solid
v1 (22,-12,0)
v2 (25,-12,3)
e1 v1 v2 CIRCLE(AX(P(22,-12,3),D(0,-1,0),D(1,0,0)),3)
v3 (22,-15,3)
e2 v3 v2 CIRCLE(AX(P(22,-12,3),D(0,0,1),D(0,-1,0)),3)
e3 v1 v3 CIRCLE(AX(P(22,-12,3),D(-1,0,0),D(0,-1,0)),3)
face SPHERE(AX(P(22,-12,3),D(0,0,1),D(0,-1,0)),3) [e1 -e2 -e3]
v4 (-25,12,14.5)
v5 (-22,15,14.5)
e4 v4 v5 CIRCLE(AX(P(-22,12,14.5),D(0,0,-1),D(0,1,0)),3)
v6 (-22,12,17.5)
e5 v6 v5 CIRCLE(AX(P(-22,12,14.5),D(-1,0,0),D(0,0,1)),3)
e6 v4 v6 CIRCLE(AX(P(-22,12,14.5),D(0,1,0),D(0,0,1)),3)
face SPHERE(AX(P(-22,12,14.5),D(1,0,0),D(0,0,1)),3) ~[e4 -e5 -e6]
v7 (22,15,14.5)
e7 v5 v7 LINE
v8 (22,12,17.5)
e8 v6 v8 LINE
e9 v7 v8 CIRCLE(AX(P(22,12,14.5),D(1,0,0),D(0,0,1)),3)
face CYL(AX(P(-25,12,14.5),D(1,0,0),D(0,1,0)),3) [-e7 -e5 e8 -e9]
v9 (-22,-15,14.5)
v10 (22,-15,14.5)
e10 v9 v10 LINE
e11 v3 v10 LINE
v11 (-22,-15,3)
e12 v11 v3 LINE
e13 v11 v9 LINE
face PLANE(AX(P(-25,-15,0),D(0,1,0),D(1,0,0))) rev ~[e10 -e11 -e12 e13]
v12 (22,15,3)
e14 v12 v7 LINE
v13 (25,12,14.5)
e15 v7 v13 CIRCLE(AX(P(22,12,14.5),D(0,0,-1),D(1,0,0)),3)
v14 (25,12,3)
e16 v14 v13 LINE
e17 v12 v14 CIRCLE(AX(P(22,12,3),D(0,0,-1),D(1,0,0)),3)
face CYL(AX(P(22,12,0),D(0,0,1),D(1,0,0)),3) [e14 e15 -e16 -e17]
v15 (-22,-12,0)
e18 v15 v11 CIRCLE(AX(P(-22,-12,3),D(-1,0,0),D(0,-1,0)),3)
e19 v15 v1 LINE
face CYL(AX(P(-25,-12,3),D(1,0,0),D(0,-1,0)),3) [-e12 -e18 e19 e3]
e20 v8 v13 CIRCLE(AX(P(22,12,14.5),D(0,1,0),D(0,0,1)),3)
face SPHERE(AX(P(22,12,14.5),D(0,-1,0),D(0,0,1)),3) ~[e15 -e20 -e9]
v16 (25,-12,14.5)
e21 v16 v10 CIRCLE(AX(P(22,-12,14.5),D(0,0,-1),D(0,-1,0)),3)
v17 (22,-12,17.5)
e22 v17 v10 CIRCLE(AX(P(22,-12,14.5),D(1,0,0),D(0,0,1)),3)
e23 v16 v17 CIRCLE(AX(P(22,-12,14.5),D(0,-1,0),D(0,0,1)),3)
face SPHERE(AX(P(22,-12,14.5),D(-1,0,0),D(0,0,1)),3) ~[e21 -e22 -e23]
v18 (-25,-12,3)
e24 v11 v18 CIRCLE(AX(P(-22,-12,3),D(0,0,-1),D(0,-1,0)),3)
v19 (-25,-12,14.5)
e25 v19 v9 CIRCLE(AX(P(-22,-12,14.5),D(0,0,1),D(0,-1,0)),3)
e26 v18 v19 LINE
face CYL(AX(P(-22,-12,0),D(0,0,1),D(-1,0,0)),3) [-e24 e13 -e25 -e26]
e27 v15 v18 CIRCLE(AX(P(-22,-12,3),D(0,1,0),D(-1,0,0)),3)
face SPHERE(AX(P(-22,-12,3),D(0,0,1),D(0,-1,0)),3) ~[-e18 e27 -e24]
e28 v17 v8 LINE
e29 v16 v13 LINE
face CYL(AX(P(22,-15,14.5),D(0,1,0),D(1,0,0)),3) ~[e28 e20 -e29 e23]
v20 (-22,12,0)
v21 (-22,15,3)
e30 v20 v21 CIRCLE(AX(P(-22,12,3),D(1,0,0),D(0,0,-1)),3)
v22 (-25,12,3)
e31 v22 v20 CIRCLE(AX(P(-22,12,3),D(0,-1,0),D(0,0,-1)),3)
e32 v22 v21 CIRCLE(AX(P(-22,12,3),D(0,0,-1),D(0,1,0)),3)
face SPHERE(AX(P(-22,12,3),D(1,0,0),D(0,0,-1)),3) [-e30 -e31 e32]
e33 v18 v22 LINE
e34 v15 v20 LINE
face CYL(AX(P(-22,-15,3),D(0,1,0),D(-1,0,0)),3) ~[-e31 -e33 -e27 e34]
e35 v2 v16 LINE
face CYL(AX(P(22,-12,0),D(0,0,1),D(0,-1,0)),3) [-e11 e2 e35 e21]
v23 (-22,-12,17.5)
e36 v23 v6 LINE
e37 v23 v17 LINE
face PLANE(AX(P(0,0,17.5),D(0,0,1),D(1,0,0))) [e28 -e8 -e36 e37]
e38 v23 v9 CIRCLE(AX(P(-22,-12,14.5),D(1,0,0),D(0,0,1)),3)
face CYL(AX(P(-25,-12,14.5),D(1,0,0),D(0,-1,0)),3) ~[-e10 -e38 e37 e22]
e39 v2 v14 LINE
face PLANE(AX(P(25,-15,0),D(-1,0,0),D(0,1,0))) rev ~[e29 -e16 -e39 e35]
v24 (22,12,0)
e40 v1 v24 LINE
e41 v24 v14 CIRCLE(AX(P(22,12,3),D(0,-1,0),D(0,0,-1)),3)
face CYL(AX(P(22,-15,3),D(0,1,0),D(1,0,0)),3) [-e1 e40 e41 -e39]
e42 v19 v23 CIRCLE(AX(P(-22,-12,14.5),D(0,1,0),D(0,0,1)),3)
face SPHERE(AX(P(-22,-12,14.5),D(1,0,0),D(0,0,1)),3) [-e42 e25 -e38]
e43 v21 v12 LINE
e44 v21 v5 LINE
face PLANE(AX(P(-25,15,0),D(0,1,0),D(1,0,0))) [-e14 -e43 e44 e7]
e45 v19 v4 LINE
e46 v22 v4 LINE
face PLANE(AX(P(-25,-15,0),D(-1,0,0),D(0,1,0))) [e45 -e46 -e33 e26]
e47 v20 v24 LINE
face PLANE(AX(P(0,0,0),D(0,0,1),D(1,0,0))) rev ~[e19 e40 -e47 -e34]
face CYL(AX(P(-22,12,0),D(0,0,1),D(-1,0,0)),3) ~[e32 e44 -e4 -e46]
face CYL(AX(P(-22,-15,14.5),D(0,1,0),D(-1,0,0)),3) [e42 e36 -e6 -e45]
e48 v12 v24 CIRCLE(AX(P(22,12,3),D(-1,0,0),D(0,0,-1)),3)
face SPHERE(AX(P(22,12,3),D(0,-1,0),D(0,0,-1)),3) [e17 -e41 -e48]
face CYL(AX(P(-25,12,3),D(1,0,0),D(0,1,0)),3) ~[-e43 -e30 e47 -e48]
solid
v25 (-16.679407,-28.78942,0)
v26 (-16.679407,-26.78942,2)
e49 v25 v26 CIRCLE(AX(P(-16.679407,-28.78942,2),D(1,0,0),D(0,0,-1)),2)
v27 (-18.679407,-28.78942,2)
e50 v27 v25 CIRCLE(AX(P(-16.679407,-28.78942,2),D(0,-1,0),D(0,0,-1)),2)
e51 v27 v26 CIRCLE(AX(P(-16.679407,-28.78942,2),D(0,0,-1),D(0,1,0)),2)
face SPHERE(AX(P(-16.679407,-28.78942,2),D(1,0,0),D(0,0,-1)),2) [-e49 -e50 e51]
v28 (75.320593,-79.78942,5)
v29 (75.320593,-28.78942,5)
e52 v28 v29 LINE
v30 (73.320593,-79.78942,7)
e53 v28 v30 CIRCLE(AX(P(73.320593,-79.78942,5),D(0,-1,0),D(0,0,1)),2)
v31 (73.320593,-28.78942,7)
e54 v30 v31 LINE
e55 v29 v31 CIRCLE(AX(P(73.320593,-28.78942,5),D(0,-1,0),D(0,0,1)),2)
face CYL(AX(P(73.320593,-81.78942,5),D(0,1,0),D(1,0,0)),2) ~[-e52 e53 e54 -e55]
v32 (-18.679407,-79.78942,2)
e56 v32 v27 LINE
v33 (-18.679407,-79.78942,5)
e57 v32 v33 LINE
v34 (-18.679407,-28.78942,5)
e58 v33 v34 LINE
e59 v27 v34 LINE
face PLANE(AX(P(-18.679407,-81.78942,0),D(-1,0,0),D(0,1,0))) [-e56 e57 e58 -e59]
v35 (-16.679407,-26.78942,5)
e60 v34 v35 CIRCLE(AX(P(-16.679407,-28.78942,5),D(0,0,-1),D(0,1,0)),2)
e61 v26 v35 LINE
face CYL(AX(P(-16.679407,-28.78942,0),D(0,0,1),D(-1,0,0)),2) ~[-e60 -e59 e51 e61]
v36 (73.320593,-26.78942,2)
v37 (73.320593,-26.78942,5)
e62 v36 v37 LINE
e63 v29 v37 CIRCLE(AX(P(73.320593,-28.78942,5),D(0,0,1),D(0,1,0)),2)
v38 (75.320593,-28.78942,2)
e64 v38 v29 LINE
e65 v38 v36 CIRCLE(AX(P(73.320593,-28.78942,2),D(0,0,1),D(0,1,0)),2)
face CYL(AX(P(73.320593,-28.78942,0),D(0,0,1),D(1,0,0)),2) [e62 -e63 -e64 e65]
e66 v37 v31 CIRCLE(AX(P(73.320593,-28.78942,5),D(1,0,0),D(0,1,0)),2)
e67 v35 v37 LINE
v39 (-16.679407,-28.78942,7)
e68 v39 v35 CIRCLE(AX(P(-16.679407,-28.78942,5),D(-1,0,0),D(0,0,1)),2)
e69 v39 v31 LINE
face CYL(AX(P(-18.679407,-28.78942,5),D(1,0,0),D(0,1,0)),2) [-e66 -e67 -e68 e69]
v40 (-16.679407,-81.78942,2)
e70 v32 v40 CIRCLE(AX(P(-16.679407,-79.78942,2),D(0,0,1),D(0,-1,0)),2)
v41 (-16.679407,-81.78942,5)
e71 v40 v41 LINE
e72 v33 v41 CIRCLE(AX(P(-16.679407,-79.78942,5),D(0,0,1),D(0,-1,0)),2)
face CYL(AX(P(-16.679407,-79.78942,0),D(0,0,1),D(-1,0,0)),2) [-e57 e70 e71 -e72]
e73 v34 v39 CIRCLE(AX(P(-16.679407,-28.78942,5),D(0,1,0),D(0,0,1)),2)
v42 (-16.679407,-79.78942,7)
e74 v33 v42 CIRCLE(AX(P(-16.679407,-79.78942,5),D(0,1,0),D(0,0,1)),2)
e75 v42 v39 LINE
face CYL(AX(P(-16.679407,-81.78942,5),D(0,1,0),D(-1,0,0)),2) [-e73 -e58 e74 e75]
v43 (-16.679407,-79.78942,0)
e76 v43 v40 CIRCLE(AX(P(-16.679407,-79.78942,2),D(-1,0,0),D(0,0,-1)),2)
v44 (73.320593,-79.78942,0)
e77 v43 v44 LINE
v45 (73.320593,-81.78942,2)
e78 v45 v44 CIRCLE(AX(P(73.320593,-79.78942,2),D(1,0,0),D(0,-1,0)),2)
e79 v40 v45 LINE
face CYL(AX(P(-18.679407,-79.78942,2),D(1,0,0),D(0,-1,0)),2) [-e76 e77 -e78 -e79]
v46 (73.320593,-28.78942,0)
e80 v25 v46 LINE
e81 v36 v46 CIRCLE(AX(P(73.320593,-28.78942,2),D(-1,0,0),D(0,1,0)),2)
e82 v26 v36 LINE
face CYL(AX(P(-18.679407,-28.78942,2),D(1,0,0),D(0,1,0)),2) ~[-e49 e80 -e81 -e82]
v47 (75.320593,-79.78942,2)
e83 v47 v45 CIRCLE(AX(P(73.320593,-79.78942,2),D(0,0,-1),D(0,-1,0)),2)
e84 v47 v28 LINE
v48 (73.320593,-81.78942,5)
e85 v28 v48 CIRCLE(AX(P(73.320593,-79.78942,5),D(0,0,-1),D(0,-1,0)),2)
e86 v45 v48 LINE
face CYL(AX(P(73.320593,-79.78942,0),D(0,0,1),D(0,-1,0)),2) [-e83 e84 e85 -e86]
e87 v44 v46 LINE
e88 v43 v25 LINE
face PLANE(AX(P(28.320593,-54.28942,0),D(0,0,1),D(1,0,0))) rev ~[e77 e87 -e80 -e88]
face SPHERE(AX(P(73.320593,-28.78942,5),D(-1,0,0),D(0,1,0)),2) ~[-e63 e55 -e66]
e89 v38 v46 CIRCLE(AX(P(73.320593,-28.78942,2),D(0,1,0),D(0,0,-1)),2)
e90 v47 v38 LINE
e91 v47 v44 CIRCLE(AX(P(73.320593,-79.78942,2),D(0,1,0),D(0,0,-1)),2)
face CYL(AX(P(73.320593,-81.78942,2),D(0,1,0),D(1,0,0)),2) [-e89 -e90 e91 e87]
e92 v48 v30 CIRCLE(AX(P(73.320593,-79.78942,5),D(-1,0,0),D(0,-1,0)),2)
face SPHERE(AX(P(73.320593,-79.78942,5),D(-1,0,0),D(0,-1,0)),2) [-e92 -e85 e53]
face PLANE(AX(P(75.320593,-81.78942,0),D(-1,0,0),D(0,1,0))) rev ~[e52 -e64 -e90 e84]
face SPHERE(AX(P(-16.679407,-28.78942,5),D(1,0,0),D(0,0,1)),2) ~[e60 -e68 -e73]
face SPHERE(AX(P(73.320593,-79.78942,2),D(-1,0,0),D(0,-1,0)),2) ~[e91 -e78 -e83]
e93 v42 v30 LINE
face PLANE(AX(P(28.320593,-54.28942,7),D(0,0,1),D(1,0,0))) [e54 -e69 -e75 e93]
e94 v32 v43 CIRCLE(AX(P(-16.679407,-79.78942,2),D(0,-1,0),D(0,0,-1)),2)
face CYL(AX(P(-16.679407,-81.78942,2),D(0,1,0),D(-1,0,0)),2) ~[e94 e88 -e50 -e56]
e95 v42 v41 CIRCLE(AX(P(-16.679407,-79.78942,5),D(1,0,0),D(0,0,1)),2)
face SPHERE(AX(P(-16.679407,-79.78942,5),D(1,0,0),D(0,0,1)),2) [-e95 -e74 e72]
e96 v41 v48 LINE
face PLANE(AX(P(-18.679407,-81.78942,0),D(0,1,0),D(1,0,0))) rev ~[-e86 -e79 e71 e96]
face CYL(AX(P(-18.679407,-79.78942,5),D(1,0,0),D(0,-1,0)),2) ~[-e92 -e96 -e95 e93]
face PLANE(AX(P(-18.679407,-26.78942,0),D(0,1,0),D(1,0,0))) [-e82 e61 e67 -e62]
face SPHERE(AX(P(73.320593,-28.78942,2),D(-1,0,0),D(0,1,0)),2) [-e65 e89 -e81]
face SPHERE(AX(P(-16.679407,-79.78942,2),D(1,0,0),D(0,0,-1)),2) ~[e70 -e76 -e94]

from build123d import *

# Parameters (mm, degrees)
F0_W     = 50
F0_H     = 30
F1_DEPTH = 17.5
F2_R     = 3
F3_W     = 94
F3_H     = 55
F4_DEPTH = 7
F5_R     = 2


with BuildPart() as f1:
    # F0 (on Top) → F1 (new body)
    with BuildSketch(Plane.XY):
        Rectangle(F0_W, F0_H)
    extrude(amount=F1_DEPTH)

    # F2
    f2_edges = [f1.edges().sort_by_distance(p)[0] for p in [
        (0, -15, 17.5),
        (25, 0, 17.5),
        (0, 15, 17.5),
        (-25, 0, 17.5),
        (-25, -15, 8.75),
        (25, -15, 8.75),
        (0, -15, 0),
        (25, 0, 0),
        (0, 15, 0),
        (-25, 0, 0),
        (25, 15, 8.75),
        (-25, 15, 8.75),
    ]]
    fillet(f2_edges, radius=F2_R)


with BuildPart() as f4:
    # F3 (on Top) → F4 (new body)
    with BuildSketch(Plane.XY):
        with Locations((28.320593, -54.28942)):
            Rectangle(F3_W, F3_H)
    extrude(amount=F4_DEPTH)

    # F5
    f5_edges = [f4.edges().sort_by_distance(p)[0] for p in [
        (28.320593, -81.78942, 7),
        (28.320593, -81.78942, 0),
        (28.320593, -26.78942, 0),
        (28.320593, -26.78942, 7),
        (75.320593, -26.78942, 3.5),
        (75.320593, -81.78942, 3.5),
        (75.320593, -54.28942, 7),
        (75.320593, -54.28942, 0),
        (-18.679407, -54.28942, 7),
        (-18.679407, -54.28942, 0),
        (-18.679407, -26.78942, 3.5),
        (-18.679407, -81.78942, 3.5),
    ]]
    fillet(f5_edges, radius=F5_R)


solid = Compound([f1.part, f4.part])
